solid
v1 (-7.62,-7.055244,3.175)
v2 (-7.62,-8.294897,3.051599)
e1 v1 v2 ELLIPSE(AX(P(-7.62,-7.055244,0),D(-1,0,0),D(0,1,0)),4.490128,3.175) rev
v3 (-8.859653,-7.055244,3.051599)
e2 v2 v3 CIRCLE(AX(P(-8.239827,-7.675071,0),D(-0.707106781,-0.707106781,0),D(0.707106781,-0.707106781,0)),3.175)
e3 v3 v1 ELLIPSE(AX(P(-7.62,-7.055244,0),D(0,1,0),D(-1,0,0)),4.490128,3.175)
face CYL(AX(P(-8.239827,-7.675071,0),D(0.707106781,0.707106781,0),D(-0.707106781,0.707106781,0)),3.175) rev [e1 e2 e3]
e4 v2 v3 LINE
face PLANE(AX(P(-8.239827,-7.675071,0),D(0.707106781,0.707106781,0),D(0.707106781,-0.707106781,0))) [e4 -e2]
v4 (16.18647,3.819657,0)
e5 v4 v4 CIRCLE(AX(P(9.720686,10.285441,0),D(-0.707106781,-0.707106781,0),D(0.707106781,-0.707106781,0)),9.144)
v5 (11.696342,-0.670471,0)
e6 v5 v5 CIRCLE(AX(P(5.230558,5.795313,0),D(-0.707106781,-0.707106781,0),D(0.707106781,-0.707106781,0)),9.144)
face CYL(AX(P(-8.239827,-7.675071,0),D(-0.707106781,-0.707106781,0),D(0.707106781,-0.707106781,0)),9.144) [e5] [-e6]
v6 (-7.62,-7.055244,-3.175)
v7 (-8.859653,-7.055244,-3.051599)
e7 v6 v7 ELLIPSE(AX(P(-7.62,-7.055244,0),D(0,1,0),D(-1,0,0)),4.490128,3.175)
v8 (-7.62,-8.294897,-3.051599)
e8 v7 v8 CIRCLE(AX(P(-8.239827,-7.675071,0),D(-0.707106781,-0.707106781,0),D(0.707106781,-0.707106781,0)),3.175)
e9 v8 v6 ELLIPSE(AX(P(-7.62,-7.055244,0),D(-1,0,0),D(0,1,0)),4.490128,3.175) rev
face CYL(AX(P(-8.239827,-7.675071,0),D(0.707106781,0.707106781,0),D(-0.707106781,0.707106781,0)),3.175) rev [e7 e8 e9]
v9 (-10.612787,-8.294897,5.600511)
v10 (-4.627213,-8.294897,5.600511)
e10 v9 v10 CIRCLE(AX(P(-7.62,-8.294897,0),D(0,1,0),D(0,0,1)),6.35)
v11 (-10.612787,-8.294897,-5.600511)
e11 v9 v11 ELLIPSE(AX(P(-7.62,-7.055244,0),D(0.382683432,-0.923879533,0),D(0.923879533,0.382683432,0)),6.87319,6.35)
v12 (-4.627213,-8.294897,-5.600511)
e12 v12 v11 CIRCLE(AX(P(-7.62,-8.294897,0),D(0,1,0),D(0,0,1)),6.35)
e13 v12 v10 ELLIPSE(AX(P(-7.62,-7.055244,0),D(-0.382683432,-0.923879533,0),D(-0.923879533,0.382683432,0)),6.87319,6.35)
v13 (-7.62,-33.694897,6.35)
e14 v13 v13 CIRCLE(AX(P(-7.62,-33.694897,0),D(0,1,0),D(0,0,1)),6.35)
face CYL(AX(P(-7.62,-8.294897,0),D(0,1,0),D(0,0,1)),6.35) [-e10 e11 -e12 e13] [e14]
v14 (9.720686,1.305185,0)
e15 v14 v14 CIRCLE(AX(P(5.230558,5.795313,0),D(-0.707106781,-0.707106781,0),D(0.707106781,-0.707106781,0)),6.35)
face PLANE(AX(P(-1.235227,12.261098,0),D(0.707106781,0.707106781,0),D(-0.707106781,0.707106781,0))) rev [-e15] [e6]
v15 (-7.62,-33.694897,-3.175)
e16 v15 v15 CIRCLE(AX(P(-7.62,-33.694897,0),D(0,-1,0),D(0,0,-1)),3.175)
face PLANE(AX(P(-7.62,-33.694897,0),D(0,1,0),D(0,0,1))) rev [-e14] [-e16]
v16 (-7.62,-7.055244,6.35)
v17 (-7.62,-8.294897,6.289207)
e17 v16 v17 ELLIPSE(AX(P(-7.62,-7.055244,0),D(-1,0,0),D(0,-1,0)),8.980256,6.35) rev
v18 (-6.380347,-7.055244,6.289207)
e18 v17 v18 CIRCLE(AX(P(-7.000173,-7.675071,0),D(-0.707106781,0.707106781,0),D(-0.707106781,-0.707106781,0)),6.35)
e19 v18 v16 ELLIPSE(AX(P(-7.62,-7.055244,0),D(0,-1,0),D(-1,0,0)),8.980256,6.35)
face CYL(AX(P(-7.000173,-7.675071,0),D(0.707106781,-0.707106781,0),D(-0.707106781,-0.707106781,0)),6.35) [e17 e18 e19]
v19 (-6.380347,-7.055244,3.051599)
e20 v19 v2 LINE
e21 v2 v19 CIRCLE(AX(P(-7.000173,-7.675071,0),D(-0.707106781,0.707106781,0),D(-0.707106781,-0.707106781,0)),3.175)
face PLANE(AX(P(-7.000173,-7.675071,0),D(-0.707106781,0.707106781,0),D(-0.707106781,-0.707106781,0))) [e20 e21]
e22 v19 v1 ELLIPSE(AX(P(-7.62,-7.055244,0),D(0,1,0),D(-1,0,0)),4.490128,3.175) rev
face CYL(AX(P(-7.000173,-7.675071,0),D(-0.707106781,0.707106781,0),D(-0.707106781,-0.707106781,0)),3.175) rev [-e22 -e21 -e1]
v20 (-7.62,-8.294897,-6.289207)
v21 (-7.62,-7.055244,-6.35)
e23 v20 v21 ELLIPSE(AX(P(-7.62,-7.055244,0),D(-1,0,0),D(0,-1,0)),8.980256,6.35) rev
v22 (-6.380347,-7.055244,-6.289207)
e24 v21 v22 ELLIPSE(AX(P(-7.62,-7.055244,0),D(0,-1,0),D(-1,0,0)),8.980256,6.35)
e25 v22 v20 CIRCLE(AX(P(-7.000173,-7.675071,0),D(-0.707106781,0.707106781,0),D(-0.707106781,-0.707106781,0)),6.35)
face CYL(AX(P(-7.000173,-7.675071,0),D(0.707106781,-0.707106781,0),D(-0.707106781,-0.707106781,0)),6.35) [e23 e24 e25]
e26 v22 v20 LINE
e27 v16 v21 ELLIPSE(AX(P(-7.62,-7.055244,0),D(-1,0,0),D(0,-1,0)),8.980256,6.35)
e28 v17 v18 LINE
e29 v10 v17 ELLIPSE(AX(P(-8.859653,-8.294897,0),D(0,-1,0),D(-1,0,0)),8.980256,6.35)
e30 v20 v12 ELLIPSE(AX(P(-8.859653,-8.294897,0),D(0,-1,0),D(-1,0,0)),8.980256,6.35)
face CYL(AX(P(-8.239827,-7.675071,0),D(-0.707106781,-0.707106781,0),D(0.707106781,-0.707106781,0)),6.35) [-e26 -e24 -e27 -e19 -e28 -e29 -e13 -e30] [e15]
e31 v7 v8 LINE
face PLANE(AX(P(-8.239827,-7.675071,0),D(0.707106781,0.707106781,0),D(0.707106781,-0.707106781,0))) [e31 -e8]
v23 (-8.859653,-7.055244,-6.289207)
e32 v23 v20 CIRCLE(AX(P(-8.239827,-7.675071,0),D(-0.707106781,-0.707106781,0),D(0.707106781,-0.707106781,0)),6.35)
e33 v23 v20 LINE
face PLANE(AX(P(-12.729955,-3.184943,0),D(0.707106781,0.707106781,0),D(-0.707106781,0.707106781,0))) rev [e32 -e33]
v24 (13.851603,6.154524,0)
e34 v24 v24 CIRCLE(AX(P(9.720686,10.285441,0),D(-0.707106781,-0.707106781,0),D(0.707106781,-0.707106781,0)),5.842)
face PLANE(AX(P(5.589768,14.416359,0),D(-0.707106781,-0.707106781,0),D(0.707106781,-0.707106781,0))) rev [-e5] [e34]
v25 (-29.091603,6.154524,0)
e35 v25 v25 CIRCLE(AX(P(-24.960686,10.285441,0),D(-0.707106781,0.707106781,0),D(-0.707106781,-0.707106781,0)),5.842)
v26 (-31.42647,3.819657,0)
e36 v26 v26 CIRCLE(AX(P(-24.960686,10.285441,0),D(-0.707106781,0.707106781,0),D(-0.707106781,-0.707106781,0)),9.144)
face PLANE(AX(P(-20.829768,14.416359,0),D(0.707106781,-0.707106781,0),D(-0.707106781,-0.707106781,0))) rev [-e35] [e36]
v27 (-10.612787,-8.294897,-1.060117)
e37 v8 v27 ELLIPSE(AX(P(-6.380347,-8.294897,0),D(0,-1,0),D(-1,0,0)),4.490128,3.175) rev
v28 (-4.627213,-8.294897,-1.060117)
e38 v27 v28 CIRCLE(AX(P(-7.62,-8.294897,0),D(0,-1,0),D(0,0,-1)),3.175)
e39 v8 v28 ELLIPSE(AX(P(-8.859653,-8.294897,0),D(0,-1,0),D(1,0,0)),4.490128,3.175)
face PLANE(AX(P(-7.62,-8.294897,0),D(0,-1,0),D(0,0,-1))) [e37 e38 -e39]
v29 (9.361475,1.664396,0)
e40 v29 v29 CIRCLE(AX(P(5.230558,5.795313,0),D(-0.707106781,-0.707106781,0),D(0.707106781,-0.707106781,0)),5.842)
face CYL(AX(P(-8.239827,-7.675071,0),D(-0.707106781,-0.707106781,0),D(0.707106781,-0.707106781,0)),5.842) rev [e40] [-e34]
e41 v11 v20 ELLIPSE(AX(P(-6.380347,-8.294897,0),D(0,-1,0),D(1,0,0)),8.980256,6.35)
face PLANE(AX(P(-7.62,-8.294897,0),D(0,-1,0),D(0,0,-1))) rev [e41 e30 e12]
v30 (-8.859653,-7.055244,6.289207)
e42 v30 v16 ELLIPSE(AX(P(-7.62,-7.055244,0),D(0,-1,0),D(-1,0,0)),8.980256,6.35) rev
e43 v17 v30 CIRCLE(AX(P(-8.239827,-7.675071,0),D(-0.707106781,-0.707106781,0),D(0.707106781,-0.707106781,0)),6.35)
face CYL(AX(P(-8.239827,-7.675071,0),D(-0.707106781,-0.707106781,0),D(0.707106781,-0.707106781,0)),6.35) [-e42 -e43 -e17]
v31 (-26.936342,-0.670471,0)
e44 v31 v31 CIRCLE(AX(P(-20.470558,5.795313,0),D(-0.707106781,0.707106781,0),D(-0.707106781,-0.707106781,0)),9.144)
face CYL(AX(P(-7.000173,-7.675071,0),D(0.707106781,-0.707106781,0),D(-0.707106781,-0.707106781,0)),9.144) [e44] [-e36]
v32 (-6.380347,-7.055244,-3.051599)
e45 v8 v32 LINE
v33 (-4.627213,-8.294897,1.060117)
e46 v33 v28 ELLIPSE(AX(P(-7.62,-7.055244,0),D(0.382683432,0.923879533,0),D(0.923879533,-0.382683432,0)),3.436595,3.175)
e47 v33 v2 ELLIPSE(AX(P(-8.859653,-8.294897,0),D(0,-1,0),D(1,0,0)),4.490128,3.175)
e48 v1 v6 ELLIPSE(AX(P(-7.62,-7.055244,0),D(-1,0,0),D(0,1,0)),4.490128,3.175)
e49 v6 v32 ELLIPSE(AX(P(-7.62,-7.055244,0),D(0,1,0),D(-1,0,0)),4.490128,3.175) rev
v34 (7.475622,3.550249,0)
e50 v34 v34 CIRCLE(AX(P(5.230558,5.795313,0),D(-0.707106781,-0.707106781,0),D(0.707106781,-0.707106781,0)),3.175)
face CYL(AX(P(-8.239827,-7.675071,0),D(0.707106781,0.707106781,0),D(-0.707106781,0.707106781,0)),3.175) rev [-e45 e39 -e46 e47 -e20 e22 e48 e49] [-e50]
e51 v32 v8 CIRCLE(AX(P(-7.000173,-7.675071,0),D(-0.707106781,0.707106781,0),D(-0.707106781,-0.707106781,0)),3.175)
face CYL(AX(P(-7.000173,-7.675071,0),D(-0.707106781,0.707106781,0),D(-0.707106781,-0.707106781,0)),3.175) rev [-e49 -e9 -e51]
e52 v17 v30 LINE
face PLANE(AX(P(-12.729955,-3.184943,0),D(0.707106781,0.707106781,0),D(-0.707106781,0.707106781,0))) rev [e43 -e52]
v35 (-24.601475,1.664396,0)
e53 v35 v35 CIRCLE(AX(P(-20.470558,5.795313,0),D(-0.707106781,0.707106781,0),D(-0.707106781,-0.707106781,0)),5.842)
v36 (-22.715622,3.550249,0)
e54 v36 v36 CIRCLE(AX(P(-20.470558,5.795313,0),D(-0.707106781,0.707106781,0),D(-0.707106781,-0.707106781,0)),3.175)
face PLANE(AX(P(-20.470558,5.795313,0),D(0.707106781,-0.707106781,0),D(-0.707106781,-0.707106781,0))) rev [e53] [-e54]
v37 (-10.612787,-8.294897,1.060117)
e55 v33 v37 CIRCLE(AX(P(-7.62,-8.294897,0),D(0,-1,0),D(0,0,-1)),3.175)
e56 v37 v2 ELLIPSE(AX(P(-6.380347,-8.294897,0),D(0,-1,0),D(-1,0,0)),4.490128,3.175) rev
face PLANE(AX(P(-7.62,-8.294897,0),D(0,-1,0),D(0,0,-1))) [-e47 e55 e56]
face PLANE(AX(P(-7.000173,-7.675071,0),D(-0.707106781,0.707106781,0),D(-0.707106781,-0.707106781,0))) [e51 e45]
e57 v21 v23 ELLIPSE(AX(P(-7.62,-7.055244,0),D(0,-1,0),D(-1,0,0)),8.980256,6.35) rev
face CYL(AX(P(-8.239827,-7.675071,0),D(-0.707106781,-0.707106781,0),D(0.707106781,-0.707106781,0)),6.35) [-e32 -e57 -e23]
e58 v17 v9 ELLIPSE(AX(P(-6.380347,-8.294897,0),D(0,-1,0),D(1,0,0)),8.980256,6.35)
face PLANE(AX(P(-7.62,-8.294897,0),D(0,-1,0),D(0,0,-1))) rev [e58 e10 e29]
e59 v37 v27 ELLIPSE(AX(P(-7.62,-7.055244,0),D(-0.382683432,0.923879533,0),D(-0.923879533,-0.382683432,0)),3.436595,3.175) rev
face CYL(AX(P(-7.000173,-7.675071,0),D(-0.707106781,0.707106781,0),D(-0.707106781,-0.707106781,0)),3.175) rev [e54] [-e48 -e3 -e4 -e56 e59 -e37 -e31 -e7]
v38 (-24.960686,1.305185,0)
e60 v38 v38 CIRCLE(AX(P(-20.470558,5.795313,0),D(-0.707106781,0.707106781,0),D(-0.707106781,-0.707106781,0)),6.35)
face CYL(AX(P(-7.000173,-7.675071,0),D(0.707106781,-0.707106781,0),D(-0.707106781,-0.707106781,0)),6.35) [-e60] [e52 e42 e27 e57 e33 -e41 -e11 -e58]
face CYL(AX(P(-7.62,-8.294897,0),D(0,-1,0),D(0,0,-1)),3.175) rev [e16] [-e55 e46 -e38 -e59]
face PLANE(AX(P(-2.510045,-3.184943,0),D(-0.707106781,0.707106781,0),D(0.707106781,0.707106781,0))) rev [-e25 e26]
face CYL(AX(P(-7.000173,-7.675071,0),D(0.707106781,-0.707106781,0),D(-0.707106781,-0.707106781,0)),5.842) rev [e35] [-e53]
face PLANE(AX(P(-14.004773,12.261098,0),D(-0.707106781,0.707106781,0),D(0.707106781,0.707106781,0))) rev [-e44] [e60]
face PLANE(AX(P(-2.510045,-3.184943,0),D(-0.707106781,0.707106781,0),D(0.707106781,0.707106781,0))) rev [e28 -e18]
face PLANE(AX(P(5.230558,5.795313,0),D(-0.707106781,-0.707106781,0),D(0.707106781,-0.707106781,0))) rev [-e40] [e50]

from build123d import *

# Parameters (mm, degrees)
SKETCH3_W          = 6.35
SKETCH3_H          = 25.4
SKETCH4_R          = 3.175
CUT_EXTRUDE1_DEPTH = 19.05
SKETCH6_R          = 3.175
CUT_EXTRUDE2_DEPTH = 25.4


with BuildPart() as part:
    # Sketch2 → Revolve1 (revolve)
    with BuildSketch(Plane.XY, mode=Mode.PRIVATE) as revolve1_sk:
        Polygon((5.230557596, 5.79531338), (1.09963978, 9.926231195), (5.589767841, 14.416359256), (3.254901249, 16.751225847), (-1.235226811, 12.261097787), (0.740429535, 10.28544144), (-12.729954646, -3.184942741), (-8.239826586, -7.675070802), align=None)
    revolve1 = revolve(revolve1_sk.sketch.rotate(Axis((-8.239826586, -7.675070802, 0), (0.7071067811865436, 0.7071067811865516, 0)), 180), axis=Axis((-8.239826586, -7.675070802, 0), (0.7071067811865436, 0.7071067811865516, 0)))

    # Mirror1: Revolve1 across plane
    add(revolve1.mirror(Plane(origin=(-7.62, 0, 0), x_dir=(0, 0, 1), z_dir=(1, 0, 0))))

    # Sketch3 → Revolve2 (revolve)
    with BuildSketch(Plane.XY, mode=Mode.PRIVATE) as revolve2_sk:
        with Locations((-4.445, -20.994897388)):
            Rectangle(SKETCH3_W, SKETCH3_H)
    revolve(revolve2_sk.sketch.rotate(Axis((-7.62, -8.294897388, 0), (0, -1, 0)), 90), axis=Axis((-7.62, -8.294897388, 0), (0, -1, 0)))

    # Sketch4 → Cut-Extrude1 (cut)
    with BuildSketch(Plane(origin=(-13.132935488, 13.132935488, 0), x_dir=(0, 0, 1), z_dir=(-0.7071067811865437, 0.7071067811865515, 0))):
        with Locations(Location((0, -10.376964701, 0), (0, 0, 270))):
            Circle(SKETCH4_R)
    cut_extrude1 = extrude(amount=-CUT_EXTRUDE1_DEPTH, mode=Mode.SUBTRACT)

    # Mirror2: Cut-Extrude1 across plane
    add(cut_extrude1.mirror(Plane(origin=(-7.62, 0, 0), x_dir=(0, 0, 1), z_dir=(1, 0, 0))), mode=Mode.SUBTRACT)

    # Sketch6 → Cut-Extrude2 (cut)
    with BuildSketch(Plane.XZ.offset(33.694897388)):
        with Locations(Location((-7.62, 0, 0), (0, 0, 270))):
            Circle(SKETCH6_R)
    extrude(amount=-CUT_EXTRUDE2_DEPTH, mode=Mode.SUBTRACT)


solid = part.part
